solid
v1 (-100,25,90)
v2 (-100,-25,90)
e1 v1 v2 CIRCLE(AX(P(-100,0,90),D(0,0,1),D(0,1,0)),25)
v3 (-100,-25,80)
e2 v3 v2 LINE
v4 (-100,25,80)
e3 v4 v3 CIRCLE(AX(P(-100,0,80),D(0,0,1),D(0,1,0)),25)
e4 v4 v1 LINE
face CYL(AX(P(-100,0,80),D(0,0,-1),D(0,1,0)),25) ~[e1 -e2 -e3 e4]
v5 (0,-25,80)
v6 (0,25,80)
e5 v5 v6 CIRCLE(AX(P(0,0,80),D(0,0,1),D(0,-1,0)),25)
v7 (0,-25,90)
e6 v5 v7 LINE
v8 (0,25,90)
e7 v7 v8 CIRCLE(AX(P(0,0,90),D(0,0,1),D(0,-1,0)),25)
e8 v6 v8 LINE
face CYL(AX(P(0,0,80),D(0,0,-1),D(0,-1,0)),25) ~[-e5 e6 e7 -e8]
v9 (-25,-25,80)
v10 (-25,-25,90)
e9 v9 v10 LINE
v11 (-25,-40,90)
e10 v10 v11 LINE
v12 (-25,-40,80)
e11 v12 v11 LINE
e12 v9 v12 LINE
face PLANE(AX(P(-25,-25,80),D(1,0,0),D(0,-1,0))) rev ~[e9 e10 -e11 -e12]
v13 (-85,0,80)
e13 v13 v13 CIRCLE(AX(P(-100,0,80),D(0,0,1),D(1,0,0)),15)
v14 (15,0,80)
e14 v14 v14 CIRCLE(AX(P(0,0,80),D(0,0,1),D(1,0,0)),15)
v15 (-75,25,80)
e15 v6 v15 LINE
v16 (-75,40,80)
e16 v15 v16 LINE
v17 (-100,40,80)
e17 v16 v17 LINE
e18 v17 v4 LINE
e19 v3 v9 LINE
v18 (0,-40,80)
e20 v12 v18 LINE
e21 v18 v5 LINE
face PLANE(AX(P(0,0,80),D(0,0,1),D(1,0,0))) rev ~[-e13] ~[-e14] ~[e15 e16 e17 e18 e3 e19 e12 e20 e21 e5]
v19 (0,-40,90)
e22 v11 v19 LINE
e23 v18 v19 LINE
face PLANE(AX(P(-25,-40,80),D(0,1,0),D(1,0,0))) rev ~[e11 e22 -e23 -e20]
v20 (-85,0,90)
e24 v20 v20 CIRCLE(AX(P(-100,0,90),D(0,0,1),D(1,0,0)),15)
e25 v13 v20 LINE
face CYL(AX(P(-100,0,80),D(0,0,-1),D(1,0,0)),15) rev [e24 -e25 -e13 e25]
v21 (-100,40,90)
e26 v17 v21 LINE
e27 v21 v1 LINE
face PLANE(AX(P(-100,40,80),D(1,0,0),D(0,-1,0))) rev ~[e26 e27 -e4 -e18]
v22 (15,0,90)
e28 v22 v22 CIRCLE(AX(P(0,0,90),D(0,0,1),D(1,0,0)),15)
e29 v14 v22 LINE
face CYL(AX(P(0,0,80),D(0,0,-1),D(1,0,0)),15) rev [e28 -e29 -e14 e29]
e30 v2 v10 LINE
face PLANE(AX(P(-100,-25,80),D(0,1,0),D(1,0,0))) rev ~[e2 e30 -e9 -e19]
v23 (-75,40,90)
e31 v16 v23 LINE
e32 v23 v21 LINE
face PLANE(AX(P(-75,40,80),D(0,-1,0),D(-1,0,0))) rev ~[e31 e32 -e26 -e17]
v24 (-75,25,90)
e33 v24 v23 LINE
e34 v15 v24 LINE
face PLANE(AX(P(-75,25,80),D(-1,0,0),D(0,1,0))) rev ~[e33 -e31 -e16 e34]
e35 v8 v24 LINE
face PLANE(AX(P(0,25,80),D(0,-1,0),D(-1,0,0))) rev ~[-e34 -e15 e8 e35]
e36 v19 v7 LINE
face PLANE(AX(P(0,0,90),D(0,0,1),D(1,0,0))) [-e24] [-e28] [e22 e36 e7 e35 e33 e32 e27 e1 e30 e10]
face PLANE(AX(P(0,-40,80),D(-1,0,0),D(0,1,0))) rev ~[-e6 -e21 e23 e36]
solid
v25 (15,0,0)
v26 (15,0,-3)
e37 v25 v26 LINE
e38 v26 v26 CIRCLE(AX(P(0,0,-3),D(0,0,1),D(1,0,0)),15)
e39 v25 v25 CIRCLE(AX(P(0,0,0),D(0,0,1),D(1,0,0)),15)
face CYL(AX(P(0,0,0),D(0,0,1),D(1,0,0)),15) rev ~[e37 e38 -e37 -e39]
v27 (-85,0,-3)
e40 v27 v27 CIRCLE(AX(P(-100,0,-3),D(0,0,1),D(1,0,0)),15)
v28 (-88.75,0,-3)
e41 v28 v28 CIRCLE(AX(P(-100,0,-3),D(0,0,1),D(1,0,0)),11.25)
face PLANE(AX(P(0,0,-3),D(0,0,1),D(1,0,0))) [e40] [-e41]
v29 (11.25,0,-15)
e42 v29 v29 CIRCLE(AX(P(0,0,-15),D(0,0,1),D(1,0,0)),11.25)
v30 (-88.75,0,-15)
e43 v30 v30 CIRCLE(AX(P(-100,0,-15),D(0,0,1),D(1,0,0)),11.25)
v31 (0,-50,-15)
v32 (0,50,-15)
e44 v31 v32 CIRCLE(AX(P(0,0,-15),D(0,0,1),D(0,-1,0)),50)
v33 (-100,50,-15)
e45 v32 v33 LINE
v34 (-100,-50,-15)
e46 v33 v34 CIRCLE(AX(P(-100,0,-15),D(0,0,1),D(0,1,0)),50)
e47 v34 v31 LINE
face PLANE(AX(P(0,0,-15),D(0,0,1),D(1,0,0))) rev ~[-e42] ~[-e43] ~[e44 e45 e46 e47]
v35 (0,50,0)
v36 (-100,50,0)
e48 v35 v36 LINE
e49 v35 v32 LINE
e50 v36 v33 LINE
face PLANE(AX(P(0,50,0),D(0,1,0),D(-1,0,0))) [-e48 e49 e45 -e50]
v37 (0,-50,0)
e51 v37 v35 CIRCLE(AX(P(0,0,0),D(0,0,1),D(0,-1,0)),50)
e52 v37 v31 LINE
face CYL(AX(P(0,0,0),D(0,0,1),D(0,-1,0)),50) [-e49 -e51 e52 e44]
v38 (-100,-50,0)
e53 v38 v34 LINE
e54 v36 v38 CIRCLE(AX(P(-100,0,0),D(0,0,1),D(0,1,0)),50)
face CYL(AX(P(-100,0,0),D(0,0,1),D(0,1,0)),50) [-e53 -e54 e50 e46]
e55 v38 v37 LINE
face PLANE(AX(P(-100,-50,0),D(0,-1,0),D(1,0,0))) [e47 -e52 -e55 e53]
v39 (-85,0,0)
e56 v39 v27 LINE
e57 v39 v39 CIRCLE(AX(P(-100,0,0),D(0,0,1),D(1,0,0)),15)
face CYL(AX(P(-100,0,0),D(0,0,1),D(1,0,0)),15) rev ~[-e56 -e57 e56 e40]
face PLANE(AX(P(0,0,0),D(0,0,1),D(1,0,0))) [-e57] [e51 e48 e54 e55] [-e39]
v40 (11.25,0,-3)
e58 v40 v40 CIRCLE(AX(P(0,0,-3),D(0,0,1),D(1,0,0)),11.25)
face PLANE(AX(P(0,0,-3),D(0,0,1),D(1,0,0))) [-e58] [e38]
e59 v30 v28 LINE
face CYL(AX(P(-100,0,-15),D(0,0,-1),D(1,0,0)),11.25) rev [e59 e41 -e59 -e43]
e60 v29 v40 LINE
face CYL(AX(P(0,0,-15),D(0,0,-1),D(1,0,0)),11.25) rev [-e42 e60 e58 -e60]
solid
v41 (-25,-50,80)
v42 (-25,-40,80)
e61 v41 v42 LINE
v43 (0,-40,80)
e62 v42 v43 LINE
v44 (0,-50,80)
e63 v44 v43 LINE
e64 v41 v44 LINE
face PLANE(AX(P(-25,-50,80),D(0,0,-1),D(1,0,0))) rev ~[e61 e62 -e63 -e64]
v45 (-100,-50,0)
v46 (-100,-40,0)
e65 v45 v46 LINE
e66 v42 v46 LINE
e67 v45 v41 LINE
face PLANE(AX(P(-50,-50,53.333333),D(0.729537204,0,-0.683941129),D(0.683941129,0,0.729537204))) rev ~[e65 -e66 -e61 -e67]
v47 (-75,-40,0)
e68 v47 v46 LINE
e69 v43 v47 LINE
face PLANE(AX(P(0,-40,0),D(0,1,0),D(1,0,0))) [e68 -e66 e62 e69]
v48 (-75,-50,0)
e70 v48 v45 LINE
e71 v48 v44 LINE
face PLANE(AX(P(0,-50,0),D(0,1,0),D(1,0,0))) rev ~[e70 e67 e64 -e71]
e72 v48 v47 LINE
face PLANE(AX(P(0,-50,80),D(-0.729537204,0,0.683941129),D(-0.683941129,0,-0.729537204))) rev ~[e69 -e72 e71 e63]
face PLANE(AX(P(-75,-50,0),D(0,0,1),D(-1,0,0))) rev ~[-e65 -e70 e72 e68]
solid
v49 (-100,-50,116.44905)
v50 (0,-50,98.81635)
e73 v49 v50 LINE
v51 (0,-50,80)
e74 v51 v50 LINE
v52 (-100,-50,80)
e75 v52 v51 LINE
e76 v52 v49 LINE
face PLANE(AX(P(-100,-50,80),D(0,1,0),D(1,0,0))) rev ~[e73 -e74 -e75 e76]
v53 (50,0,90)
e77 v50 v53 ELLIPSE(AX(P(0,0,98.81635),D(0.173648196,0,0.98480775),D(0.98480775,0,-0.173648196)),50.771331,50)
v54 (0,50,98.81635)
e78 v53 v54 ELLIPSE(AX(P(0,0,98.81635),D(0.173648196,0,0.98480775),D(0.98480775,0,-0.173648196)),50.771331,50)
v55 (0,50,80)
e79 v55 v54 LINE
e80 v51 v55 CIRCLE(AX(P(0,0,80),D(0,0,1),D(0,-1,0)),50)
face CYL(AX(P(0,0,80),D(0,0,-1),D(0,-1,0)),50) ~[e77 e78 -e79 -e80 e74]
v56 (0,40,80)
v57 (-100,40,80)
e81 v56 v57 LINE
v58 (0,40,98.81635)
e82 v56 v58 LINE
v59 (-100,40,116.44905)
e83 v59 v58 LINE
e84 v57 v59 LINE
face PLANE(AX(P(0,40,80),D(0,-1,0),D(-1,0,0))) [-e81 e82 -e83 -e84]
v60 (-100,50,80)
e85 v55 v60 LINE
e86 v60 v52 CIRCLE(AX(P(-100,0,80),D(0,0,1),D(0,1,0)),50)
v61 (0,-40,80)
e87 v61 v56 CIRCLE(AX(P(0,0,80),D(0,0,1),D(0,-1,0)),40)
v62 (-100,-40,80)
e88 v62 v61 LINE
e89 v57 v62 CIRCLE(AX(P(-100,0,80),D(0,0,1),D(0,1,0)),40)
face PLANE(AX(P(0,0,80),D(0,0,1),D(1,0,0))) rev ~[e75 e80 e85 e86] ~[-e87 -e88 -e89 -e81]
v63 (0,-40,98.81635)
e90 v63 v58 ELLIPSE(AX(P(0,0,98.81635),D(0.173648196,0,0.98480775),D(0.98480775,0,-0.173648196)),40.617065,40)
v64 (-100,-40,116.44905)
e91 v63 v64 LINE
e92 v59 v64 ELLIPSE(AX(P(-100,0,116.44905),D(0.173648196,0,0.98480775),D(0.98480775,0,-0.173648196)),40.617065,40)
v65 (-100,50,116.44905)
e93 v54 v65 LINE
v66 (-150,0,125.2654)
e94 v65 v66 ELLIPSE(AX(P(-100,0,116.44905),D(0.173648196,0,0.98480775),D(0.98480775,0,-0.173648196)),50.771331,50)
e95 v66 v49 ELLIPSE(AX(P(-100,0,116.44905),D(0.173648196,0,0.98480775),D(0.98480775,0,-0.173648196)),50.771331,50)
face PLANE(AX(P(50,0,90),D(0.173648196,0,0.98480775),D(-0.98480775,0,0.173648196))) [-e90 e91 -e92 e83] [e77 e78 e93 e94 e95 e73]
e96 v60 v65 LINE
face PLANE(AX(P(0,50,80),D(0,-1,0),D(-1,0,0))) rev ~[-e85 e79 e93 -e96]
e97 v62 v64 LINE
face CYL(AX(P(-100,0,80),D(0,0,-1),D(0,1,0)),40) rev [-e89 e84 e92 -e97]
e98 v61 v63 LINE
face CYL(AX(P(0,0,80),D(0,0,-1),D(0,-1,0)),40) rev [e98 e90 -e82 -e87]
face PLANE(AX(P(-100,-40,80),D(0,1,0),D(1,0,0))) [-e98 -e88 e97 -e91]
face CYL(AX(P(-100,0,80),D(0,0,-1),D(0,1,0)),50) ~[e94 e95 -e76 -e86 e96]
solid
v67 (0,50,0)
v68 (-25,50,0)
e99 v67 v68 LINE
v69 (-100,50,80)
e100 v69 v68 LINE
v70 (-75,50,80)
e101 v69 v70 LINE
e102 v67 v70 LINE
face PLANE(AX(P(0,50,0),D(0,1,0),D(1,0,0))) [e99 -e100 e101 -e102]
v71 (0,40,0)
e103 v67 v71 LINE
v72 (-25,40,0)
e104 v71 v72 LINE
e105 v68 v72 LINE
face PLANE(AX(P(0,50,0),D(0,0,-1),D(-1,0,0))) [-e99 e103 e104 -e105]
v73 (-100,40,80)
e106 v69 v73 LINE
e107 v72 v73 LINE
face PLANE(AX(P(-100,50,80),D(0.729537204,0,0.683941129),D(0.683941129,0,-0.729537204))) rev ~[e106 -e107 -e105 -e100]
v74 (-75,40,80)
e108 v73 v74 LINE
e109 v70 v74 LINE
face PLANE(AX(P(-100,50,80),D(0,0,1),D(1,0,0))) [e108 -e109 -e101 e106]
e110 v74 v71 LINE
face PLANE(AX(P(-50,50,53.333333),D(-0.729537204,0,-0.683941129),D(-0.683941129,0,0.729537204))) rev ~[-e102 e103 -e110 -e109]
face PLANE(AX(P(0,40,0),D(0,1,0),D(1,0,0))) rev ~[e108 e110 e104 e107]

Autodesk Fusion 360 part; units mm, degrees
sketch "Sketch1" plane through (0, 0, 0) normal (0, 0, 1) x (1, 0, 0)
  line L0 (0, 50) -> (-100, 50)
  arc A0 (-100, 50) -> (-100, -50) centre (-100, 0) ccw
  line L1 (-100, -50) -> (0, -50)
  arc A1 (0, -50) -> (0, 50) centre (0, 0) ccw
  line L2 (0, 0) -> (-100, 0) construction
  arc A2 (0, -40) -> (0, 40) centre (0, 0) ccw
  line L3 (0, 40) -> (-100, 40)
  arc A3 (-100, 40) -> (-100, -40) centre (-100, 0) ccw
  line L4 (-100, -40) -> (0, -40)
  line L5 (-100, -25) -> (0, -25)
  arc A4 (0, -25) -> (0, 25) centre (0, 0) ccw
  line L6 (0, 25) -> (-100, 25)
  arc A5 (-100, 25) -> (-100, -25) centre (-100, 0) ccw
  circle A6 centre (0, 0) radius 11.25
  circle A7 centre (0, 0) radius 15
  circle A8 centre (-100, 0) radius 11.25
  circle A9 centre (-100, 0) radius 15
  line L7 (-100, 25) -> (-75, 25)
  line L8 (-75, 25) -> (-75, 40)
  line L9 (-75, 40) -> (-100, 40)
  line L10 (-100, 40) -> (-100, 25)
  line L11 (0, -25) -> (-25, -25)
  line L12 (-25, -25) -> (-25, -40)
  line L13 (-25, -40) -> (0, -40)
  line L14 (0, -40) -> (0, -25)
  dimension "d1" = 100
  dimension "d2" = 100
  dimension "d3" = -10
  dimension "d4" = -25
  dimension "d5" = 22.5
  dimension "d6" = 30
  dimension "d7" = 22.5
  dimension "d8" = 30
  dimension "d9" = 25
  dimension "d10" = 15
  dimension "d11" = 25
  dimension "d12" = 15
extrude "Extrude1" add sketch "Sketch1" against normal blind 15 contours L0 A0 L1 A1 | A2 L3 A4 L6 L8 L14 | L4 L5 L11 L12 L13 L14 | A3 L4 L5 A5 L10 L12 | L5 A4 L6 A5 L7 L11 | L3 L6 L7 L8 L9 L10 makes body 1
extrude "Extrude2" add sketch "Sketch1" along normal blind 10 from surface at 80 separate body contours L4 L5 L11 L12 L13 L14 | L5 A4 L6 A5 L7 L11 | L3 L6 L7 L8 L9 L10 makes body 2
extrude "Extrude3" add sketch "Sketch1" along normal blind 50 from surface at 80 separate body contours L0 A0 L1 A1 makes body 3
sketch "Sketch2" plane through (0, 0, 0) normal (0, 1, 0) x (1, 0, 0)
  line L0 (-25, -80) -> (0, -80)
  line L1 (-25, -90) -> (0, -90)
  line L2 (-100, -80) -> (-25, -80)
  line L3 (-100, -90) -> (-25, -90)
  line L4 (-125, -80) -> (-100, -80)
  line L5 (-125, -90) -> (-100, -90)
  line L6 (0, -80) -> (25, -80)
  line L7 (0, -90) -> (25, -90)
  line L8 (-125, -80) -> (-125, -90)
  line L9 (25, -80) -> (25, -90)
  line L10 (-100, 0) -> (-25, -80)
  line L11 (0, -80) -> (-75, 0)
  line L12 (0, 0) -> (-100, 0)
  line L13 (-50, 0) -> (-50, -15)
  line L14 (0, 0) -> (-75, -80)
  line L15 (-100, -80) -> (-25, 0)
  line L16 (-100, -80) -> (0, -80)
  line L17 (-100, -130) -> (0, -130)
  line L18 (-150, -80) -> (-100, -80)
  line L19 (-150, -130) -> (-100, -130)
  line L20 (0, -80) -> (50, -80)
  line L21 (0, -130) -> (50, -130)
  line L22 (-150, -80) -> (-150, -130)
  line L23 (50, -80) -> (50, -130)
  line L24 (-125, -90) -> (-150, -90)
  line L25 (25, -90) -> (50, -90)
  line L26 (50, -90) -> (-150, -125.2654)
  point P0 (-100, 0)
  dimension "d21" = 10
extrude "Extrude4" cut sketch "Sketch2" along normal through all and the other way through all contours L17 L19 L21 L22 L23 L26 bodies 3
extrude "Extrude5" add sketch "Sketch2" along normal blind 10 from surface at -50 separate body contours L0 L10 L11 L14 L16 | L10 L11 L14 L15 | L10 L11 L12 L15 makes body 4
extrude "Extrude6" add sketch "Sketch2" against normal blind 10 from surface at 50 separate body contours L2 L10 L14 L15 L16 | L10 L11 L14 L15 | L11 L12 L14 L15 makes body 5
extrude "Extrude7" add sketch "Sketch1" along normal blind 12 from surface at -15 contours A7 | A9 bodies 1
